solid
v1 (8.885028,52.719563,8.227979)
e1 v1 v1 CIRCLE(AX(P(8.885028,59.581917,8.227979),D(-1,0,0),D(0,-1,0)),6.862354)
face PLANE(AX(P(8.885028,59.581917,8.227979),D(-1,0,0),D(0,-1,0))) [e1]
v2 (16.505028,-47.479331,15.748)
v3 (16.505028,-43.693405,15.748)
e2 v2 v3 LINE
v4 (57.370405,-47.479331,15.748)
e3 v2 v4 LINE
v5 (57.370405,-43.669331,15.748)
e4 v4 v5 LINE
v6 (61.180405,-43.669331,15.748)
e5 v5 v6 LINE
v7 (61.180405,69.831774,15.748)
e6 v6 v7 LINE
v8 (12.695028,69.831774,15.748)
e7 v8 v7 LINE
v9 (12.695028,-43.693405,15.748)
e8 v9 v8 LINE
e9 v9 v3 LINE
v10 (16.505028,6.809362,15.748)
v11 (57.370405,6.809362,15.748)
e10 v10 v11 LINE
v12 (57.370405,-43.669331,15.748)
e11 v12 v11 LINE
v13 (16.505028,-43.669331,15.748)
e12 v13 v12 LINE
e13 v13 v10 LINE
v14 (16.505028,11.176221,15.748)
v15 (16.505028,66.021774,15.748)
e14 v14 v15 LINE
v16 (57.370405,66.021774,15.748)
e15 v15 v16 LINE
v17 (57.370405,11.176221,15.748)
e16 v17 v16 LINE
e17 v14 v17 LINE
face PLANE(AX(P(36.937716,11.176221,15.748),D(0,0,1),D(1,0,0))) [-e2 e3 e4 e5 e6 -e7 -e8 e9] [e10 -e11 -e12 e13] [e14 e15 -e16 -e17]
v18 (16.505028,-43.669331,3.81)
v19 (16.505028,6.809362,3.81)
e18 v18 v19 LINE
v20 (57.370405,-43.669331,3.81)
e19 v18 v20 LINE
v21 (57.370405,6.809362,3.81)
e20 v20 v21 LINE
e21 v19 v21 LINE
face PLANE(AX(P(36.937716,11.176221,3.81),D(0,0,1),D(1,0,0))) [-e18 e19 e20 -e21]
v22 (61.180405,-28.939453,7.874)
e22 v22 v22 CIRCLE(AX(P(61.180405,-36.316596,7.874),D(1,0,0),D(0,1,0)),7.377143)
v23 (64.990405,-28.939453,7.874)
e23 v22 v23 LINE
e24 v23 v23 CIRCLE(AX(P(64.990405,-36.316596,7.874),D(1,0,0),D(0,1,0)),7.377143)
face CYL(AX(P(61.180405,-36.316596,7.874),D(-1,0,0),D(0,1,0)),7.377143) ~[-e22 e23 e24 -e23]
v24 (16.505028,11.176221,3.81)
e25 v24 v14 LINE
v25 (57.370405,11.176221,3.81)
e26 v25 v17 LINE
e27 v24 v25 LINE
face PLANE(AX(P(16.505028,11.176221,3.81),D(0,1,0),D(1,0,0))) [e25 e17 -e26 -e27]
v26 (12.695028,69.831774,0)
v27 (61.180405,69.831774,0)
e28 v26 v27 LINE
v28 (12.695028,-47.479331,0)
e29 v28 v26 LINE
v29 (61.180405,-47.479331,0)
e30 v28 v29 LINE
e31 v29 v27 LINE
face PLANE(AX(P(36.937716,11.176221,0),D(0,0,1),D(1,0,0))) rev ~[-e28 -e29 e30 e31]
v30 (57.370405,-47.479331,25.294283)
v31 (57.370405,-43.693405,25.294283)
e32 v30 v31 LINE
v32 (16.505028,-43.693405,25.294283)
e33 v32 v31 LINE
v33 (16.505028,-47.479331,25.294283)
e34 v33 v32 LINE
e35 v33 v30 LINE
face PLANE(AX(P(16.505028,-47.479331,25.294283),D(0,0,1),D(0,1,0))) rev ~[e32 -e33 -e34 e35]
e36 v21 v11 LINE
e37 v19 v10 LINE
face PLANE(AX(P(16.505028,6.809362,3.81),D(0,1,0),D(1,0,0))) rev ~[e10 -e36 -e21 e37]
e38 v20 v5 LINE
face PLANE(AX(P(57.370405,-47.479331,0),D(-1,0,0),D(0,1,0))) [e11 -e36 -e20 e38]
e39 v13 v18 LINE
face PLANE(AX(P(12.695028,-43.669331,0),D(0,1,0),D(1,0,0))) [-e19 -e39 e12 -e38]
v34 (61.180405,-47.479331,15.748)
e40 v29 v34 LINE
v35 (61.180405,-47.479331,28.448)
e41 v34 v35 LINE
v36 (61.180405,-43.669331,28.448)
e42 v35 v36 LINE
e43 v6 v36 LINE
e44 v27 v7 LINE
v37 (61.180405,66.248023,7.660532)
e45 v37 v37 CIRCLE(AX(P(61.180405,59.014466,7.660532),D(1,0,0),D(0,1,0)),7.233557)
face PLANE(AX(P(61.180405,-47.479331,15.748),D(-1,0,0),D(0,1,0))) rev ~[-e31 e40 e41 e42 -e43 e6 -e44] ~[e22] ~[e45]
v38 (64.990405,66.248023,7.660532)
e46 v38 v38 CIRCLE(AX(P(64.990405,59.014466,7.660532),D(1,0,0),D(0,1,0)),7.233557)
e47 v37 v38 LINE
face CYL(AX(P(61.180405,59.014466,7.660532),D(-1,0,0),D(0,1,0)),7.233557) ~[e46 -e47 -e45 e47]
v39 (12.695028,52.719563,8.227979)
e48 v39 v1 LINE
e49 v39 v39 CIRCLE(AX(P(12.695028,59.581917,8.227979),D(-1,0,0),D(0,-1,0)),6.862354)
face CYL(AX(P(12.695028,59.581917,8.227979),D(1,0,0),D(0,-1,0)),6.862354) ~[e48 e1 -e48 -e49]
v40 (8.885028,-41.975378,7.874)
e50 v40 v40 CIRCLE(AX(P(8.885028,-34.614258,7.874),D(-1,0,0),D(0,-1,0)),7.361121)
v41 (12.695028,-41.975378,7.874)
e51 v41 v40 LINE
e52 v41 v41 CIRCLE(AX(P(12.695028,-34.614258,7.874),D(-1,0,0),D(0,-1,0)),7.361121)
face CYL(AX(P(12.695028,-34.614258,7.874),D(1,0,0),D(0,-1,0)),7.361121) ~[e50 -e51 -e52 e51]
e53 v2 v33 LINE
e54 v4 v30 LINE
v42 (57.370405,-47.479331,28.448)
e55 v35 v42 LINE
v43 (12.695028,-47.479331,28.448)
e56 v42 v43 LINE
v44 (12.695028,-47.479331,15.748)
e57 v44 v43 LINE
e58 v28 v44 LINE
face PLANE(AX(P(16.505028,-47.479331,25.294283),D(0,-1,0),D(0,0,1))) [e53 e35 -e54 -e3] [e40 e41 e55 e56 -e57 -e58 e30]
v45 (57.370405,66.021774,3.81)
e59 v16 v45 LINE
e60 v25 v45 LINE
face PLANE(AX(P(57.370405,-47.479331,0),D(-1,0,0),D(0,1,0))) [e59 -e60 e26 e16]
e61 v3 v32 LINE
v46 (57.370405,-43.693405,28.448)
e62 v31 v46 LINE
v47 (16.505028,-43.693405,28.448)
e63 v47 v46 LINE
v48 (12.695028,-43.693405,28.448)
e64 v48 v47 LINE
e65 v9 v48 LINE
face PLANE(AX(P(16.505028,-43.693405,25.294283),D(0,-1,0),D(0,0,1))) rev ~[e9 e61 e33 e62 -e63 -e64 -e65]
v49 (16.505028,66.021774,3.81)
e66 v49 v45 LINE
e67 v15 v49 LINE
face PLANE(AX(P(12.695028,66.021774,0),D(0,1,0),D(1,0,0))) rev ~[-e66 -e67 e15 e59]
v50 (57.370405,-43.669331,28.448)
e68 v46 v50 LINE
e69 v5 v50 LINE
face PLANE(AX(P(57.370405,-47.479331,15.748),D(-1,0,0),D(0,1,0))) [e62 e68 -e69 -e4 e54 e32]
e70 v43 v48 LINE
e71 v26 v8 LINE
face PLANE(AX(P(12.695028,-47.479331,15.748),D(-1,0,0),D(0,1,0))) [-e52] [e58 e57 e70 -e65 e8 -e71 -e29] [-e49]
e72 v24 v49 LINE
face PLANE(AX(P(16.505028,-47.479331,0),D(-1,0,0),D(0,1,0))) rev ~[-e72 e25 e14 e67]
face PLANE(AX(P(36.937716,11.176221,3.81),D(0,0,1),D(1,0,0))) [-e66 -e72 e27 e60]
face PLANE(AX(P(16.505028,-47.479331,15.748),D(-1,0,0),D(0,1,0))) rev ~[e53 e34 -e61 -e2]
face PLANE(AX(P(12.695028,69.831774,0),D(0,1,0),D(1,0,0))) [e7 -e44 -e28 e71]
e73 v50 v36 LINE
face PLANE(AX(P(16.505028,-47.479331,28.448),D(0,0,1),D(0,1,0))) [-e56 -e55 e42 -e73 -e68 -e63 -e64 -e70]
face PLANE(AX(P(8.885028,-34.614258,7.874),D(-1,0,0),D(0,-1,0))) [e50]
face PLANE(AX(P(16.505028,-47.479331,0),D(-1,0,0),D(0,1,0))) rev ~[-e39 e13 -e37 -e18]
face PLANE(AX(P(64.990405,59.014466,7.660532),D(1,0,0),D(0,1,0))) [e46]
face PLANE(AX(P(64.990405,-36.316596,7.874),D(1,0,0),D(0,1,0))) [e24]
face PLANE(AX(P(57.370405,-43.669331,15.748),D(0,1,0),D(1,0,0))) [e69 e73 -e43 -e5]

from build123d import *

# Parameters (mm, degrees)
F0_W      = 48.4853778034
F0_H      = 117.3111051321
F1_DEPTH  = 15.748
F2_T      = -3.81
F3_R      = 7.3771432129
F5_DEPTH  = 3.81
F4_R      = 7.2335570925
F6_DEPTH  = 3.81
F8_R      = 6.8623542562
F9_DEPTH  = 3.81
F7_R      = 7.3611206635
F10_DEPTH = 3.81
F11_W     = 40.8653778034
F11_H     = 4.366859328
F12_DEPTH = 11.938
F13_W     = 3.81
F13_H     = 3.7859268486
F14_DEPTH = 12.7
F15_W     = 3.81
F15_H     = 3.81
F16_DEPTH = 12.7
F17_W     = 3.7859268486
F17_H     = 3.1537165951
F18_DEPTH = 41.91


with BuildPart() as f1:
    # F0 (on Top) → F1 (new body)
    with BuildSketch(Plane.XY):
        with Locations((36.937716417, 11.1762210727)):
            Rectangle(F0_W, F0_H)
    extrude(amount=F1_DEPTH)

    # F2
    f2_openings = [f1.faces().sort_by_distance(p)[0] for p in [
        (36.937716, 11.176221, 15.748),
    ]]
    offset(amount=F2_T, openings=f2_openings)

    # F3 (on face) → F5 (join)
    with BuildSketch(Plane.YZ.offset(61.1804053187)):
        with Locations((-36.3165959716, 7.874)):
            Circle(F3_R)
    extrude(amount=F5_DEPTH)

    # F4 (on face) → F6 (join)
    with BuildSketch(Plane.YZ.offset(61.1804053187)):
        with Locations((59.0144656599, 7.6605323702)):
            Circle(F4_R)
    extrude(amount=F6_DEPTH)

    # F8 (on face) → F9 (join)
    with BuildSketch(Plane(origin=(12.6950275153, 0, 0), x_dir=(0, -1, 0), z_dir=(-1, 0, 0))):
        with Locations((-59.5819167793, 8.227978833)):
            Circle(F8_R)
    extrude(amount=F9_DEPTH)

    # F7 (on face) → F10 (join)
    with BuildSketch(Plane(origin=(12.6950275153, 0, 0), x_dir=(0, -1, 0), z_dir=(-1, 0, 0))):
        with Locations((34.6142575145, 7.874)):
            Circle(F7_R)
    extrude(amount=F10_DEPTH)

    # F11 (on face) → F12 (join)
    with BuildSketch(Plane.XY.offset(3.81)):
        with Locations((36.937716417, 8.9927914087)):
            Rectangle(F11_W, F11_H)
    extrude(amount=F12_DEPTH)

    # F13 (on face) → F14 (join)
    with BuildSketch(Plane.XY.offset(15.748)):
        with Locations((14.6000275153, -45.5863680691)):
            Rectangle(F13_W, F13_H)
    extrude(amount=F14_DEPTH)

    # F15 (on face) → F16 (join)
    with BuildSketch(Plane.XY.offset(15.748)):
        with Locations((59.2754053187, -45.5743314934)):
            Rectangle(F15_W, F15_H)
    extrude(amount=F16_DEPTH)

    # F17 (on face) → F18 (join)
    with BuildSketch(Plane.YZ.offset(16.5050275153)):
        with Locations((-45.5863680691, 26.8711417025)):
            Rectangle(F17_W, F17_H)
    extrude(amount=F18_DEPTH)


solid = f1.part
